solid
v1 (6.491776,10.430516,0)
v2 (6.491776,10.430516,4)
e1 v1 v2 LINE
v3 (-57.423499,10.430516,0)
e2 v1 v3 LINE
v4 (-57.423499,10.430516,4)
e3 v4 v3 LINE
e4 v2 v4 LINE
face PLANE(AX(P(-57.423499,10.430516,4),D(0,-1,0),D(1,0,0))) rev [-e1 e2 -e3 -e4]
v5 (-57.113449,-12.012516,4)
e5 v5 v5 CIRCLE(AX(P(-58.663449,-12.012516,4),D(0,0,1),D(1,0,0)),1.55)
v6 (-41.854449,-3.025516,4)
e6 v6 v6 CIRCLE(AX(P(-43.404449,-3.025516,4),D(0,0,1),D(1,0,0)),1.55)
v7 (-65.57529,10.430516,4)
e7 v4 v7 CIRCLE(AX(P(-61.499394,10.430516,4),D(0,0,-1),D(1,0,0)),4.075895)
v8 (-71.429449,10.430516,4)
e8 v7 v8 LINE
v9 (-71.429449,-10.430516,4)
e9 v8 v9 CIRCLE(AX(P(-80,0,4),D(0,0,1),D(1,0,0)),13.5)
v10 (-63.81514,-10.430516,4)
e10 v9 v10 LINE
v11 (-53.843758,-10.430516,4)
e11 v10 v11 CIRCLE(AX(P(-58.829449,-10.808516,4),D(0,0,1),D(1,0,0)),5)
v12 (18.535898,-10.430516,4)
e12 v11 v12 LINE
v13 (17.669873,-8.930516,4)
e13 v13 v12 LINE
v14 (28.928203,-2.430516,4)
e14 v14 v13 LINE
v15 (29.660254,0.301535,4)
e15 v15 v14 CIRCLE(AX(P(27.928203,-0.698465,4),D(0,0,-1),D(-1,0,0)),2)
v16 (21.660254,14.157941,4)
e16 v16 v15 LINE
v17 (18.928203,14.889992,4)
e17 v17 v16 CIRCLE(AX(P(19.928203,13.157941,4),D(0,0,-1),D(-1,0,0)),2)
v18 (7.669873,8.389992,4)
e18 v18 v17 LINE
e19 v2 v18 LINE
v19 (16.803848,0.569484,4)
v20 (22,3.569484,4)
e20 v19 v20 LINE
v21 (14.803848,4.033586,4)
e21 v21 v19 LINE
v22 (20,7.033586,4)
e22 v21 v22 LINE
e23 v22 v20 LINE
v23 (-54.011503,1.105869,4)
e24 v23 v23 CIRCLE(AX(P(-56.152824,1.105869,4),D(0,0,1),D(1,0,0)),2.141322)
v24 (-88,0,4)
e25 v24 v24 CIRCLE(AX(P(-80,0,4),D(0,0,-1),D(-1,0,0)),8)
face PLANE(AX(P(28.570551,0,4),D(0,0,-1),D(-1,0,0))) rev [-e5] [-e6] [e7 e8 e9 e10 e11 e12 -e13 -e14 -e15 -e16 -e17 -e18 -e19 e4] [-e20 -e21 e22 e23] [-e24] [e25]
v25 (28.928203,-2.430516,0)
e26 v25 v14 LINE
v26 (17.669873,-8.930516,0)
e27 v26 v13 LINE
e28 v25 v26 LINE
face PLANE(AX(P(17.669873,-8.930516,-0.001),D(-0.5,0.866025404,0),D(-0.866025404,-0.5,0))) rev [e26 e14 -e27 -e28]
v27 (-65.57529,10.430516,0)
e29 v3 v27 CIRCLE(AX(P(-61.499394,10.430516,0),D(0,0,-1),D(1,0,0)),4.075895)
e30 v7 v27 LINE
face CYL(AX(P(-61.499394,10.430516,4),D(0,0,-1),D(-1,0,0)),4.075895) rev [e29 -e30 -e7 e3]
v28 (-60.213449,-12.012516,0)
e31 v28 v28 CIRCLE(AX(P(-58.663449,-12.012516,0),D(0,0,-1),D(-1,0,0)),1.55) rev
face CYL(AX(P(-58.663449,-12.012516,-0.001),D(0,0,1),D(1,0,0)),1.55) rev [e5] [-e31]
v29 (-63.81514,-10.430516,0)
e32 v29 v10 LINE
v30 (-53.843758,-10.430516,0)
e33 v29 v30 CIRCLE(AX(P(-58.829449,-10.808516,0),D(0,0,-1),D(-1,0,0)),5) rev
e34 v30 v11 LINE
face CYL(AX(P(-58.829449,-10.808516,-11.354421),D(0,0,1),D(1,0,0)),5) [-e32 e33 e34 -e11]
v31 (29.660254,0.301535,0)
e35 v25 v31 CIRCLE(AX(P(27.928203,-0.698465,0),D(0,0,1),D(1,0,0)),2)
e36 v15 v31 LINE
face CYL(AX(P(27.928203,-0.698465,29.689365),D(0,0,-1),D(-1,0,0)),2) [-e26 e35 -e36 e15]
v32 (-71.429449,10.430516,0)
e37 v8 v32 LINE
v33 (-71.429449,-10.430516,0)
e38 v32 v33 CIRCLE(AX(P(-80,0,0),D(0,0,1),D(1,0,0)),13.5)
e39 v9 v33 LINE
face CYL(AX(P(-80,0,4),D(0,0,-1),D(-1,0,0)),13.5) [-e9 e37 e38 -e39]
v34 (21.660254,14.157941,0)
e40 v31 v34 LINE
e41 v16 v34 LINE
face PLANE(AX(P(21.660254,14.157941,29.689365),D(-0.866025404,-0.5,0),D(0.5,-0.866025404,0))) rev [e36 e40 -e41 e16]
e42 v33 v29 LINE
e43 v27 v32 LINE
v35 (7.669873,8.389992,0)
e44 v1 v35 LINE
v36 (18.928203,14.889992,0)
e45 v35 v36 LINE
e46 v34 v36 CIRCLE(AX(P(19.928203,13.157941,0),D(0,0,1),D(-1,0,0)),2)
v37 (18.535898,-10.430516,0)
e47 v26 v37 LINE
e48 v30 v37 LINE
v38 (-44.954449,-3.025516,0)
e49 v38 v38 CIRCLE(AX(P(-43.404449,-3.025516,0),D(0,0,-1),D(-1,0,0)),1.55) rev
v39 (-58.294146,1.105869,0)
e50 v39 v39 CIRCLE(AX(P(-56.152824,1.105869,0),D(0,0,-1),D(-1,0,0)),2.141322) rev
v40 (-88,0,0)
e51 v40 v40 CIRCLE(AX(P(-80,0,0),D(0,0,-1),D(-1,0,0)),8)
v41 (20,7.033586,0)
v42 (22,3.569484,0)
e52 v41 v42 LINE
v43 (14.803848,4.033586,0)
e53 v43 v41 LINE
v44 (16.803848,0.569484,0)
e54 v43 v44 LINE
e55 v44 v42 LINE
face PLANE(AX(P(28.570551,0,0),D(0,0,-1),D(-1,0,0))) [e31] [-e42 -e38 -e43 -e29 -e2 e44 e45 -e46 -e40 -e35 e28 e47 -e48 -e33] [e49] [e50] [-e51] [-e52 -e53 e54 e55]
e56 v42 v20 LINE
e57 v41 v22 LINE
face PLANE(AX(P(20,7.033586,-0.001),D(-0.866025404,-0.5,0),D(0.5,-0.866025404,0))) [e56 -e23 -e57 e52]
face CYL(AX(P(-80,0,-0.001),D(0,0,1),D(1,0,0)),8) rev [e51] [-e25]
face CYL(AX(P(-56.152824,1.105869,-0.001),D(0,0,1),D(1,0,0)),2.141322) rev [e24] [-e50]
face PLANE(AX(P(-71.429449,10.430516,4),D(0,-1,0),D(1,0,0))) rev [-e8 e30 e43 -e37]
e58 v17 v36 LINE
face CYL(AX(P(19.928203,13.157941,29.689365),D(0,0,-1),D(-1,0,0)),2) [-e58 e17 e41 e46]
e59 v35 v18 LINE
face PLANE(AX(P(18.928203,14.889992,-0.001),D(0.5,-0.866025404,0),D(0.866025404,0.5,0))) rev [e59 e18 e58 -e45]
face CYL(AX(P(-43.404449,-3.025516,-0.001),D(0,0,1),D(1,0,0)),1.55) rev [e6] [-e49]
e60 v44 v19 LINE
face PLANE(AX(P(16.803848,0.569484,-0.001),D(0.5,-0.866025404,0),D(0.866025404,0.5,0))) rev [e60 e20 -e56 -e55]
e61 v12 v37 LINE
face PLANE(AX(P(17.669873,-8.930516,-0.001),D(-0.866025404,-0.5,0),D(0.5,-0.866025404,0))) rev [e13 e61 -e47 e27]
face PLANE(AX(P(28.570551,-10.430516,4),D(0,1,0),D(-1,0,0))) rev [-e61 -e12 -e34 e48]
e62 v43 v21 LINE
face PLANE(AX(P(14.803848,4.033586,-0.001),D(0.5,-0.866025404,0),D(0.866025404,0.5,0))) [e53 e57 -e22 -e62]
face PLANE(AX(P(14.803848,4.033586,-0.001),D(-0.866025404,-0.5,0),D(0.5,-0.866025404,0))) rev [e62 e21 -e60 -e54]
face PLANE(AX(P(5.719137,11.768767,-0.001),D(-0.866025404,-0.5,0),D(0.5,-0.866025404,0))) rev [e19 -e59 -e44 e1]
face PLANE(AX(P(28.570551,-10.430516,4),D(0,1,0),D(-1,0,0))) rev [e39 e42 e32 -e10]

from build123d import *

# Parameters (mm, degrees)
AUFSATZ_LINEAR_AUSTRAGEN1_DEPTH = 4
SCHNITT_LINEAR_AUSTRAGEN1_REACH = 6
SKIZZE2_R                       = 8
SKIZZE2_R_2                     = 2.141321697
SCHNITT_LINEAR_START            = -4
SCHNITT_LINEAR_AUSTRAGEN2_DEPTH = 4
AUFSATZ_LINEAR_AUSTRAGEN3_DEPTH = 4
AUFSATZ_LINEAR_AUSTRAGEN4_DEPTH = 4
SCHNITT_LINEAR_AUSTRAGEN3_REACH = 6
SKIZZE6_R                       = 1.55


with BuildPart() as part:
    # Skizze1 → Aufsatz-Linear austragen1 (new body)
    with BuildSketch(Plane.XY):
        with BuildLine():
            Line((28.570550732, -10.430515814), (-71.429449268, -10.430515814))
            ThreePointArc((-71.429449268, -10.430515814), (-93.5, 0), (-71.429449268, 10.430515814))
            Line((-71.429449268, 10.430515814), (-65.575289804, 10.430515814))
            ThreePointArc((-65.575289804, 10.430515814), (-61.49939442, 6.35462043), (-57.423499036, 10.430515814))
            Line((-57.423499036, 10.430515814), (28.570550732, 10.430515814))
            ThreePointArc((28.570550732, 10.430515814), (39.001066546, 0), (28.570550732, -10.430515814))
        make_face()
    extrude(amount=AUFSATZ_LINEAR_AUSTRAGEN1_DEPTH)

    # Skizze2 → Schnitt-Linear austragen1 (cut, up to next)
    with BuildSketch(Plane.XY.offset(4), mode=Mode.PRIVATE) as schnitt_linear_austragen1_sk1:
        with Locations((-80, 0)):
            Circle(SKIZZE2_R)
    schnitt_linear_austragen1_tool1 = extrude(schnitt_linear_austragen1_sk1.sketch, amount=-SCHNITT_LINEAR_AUSTRAGEN1_REACH, mode=Mode.PRIVATE) & part.part
    add(schnitt_linear_austragen1_tool1.solids().sort_by_distance((-80, 0, 4))[0], mode=Mode.SUBTRACT)
    # Skizze2 → Schnitt-Linear austragen1 (cut, up to next)
    with BuildSketch(Plane.XY.offset(4), mode=Mode.PRIVATE) as schnitt_linear_austragen1_sk2:
        with Locations((-56.152824314, 1.105869461)):
            Circle(SKIZZE2_R_2)
    schnitt_linear_austragen1_tool2 = extrude(schnitt_linear_austragen1_sk2.sketch, amount=-SCHNITT_LINEAR_AUSTRAGEN1_REACH, mode=Mode.PRIVATE) & part.part
    add(schnitt_linear_austragen1_tool2.solids().sort_by_distance((-56.152824, 1.105869, 4))[0], mode=Mode.SUBTRACT)
    # Skizze2 → Schnitt-Linear austragen1 (cut, up to next)
    with BuildSketch(Plane.XY.offset(4), mode=Mode.PRIVATE) as schnitt_linear_austragen1_sk3:
        Polygon((14.803847577, 4.033585801), (20, 7.033585801), (22, 3.569484186), (16.803847577, 0.569484186), align=None)
    schnitt_linear_austragen1_tool3 = extrude(schnitt_linear_austragen1_sk3.sketch, amount=-SCHNITT_LINEAR_AUSTRAGEN1_REACH, mode=Mode.PRIVATE) & part.part
    add(schnitt_linear_austragen1_tool3.solids().sort_by_distance((18.401924, 3.801535, 4))[0], mode=Mode.SUBTRACT)

    # Skizze3 → Schnitt-Linear austragen2 (cut)
    with BuildSketch(Plane.XY.offset(4).offset(SCHNITT_LINEAR_START)):
        Polygon((34.526391185, 28.400642866), (53.593329276, -4.624262653), (24.786074739, -21.256138815), (17.669872981, -8.930515814), (28.92820323, -2.430515814), (18.92820323, 14.889992262), (7.669872981, 8.389992262), (5.719136647, 11.768766704), align=None)
    extrude(amount=SCHNITT_LINEAR_AUSTRAGEN2_DEPTH, mode=Mode.SUBTRACT)

    # Skizze4 → Aufsatz-Linear austragen3 (add)
    with BuildSketch(Plane.XY):
        with BuildLine():
            Line((11.204163448, 10.430515814), (18.92820323, 14.889992262))
            ThreePointArc((18.92820323, 14.889992262), (20.44584132, 15.089793107), (21.660254038, 14.157941454))
            Line((21.660254038, 14.157941454), (29.660254038, 0.301534994))
            ThreePointArc((29.660254038, 0.301534994), (29.860054883, -1.216103097), (28.92820323, -2.430515814))
            Line((28.92820323, -2.430515814), (21.502883158, 10.430515814))
            Line((21.502883158, 10.430515814), (11.204163448, 10.430515814))
        make_face()
    extrude(amount=AUFSATZ_LINEAR_AUSTRAGEN3_DEPTH)

    # Skizze5 → Aufsatz-Linear austragen4 (add)
    with BuildSketch(Plane.XY.offset(4)):
        with BuildLine():
            Line((-63.815140393, -10.430515814), (-53.843758142, -10.430515814))
            ThreePointArc((-53.843758142, -10.430515814), (-58.829449268, -15.808515814), (-63.815140393, -10.430515814))
        make_face()
    extrude(amount=-AUFSATZ_LINEAR_AUSTRAGEN4_DEPTH)

    # Skizze6 → Schnitt-Linear austragen3 (cut, up to next)
    with BuildSketch(Plane.XY.offset(4), mode=Mode.PRIVATE) as schnitt_linear_austragen3_sk1:
        with Locations((-58.663449268, -12.012515814)):
            Circle(SKIZZE6_R)
    schnitt_linear_austragen3_tool1 = extrude(schnitt_linear_austragen3_sk1.sketch, amount=-SCHNITT_LINEAR_AUSTRAGEN3_REACH, mode=Mode.PRIVATE) & part.part
    add(schnitt_linear_austragen3_tool1.solids().sort_by_distance((-58.663449, -12.012516, 4))[0], mode=Mode.SUBTRACT)
    # Skizze6 → Schnitt-Linear austragen3 (cut, up to next)
    with BuildSketch(Plane.XY.offset(4), mode=Mode.PRIVATE) as schnitt_linear_austragen3_sk2:
        with Locations((-43.404449268, -3.025515814)):
            Circle(SKIZZE6_R)
    schnitt_linear_austragen3_tool2 = extrude(schnitt_linear_austragen3_sk2.sketch, amount=-SCHNITT_LINEAR_AUSTRAGEN3_REACH, mode=Mode.PRIVATE) & part.part
    add(schnitt_linear_austragen3_tool2.solids().sort_by_distance((-43.404449, -3.025516, 4))[0], mode=Mode.SUBTRACT)


solid = part.part
